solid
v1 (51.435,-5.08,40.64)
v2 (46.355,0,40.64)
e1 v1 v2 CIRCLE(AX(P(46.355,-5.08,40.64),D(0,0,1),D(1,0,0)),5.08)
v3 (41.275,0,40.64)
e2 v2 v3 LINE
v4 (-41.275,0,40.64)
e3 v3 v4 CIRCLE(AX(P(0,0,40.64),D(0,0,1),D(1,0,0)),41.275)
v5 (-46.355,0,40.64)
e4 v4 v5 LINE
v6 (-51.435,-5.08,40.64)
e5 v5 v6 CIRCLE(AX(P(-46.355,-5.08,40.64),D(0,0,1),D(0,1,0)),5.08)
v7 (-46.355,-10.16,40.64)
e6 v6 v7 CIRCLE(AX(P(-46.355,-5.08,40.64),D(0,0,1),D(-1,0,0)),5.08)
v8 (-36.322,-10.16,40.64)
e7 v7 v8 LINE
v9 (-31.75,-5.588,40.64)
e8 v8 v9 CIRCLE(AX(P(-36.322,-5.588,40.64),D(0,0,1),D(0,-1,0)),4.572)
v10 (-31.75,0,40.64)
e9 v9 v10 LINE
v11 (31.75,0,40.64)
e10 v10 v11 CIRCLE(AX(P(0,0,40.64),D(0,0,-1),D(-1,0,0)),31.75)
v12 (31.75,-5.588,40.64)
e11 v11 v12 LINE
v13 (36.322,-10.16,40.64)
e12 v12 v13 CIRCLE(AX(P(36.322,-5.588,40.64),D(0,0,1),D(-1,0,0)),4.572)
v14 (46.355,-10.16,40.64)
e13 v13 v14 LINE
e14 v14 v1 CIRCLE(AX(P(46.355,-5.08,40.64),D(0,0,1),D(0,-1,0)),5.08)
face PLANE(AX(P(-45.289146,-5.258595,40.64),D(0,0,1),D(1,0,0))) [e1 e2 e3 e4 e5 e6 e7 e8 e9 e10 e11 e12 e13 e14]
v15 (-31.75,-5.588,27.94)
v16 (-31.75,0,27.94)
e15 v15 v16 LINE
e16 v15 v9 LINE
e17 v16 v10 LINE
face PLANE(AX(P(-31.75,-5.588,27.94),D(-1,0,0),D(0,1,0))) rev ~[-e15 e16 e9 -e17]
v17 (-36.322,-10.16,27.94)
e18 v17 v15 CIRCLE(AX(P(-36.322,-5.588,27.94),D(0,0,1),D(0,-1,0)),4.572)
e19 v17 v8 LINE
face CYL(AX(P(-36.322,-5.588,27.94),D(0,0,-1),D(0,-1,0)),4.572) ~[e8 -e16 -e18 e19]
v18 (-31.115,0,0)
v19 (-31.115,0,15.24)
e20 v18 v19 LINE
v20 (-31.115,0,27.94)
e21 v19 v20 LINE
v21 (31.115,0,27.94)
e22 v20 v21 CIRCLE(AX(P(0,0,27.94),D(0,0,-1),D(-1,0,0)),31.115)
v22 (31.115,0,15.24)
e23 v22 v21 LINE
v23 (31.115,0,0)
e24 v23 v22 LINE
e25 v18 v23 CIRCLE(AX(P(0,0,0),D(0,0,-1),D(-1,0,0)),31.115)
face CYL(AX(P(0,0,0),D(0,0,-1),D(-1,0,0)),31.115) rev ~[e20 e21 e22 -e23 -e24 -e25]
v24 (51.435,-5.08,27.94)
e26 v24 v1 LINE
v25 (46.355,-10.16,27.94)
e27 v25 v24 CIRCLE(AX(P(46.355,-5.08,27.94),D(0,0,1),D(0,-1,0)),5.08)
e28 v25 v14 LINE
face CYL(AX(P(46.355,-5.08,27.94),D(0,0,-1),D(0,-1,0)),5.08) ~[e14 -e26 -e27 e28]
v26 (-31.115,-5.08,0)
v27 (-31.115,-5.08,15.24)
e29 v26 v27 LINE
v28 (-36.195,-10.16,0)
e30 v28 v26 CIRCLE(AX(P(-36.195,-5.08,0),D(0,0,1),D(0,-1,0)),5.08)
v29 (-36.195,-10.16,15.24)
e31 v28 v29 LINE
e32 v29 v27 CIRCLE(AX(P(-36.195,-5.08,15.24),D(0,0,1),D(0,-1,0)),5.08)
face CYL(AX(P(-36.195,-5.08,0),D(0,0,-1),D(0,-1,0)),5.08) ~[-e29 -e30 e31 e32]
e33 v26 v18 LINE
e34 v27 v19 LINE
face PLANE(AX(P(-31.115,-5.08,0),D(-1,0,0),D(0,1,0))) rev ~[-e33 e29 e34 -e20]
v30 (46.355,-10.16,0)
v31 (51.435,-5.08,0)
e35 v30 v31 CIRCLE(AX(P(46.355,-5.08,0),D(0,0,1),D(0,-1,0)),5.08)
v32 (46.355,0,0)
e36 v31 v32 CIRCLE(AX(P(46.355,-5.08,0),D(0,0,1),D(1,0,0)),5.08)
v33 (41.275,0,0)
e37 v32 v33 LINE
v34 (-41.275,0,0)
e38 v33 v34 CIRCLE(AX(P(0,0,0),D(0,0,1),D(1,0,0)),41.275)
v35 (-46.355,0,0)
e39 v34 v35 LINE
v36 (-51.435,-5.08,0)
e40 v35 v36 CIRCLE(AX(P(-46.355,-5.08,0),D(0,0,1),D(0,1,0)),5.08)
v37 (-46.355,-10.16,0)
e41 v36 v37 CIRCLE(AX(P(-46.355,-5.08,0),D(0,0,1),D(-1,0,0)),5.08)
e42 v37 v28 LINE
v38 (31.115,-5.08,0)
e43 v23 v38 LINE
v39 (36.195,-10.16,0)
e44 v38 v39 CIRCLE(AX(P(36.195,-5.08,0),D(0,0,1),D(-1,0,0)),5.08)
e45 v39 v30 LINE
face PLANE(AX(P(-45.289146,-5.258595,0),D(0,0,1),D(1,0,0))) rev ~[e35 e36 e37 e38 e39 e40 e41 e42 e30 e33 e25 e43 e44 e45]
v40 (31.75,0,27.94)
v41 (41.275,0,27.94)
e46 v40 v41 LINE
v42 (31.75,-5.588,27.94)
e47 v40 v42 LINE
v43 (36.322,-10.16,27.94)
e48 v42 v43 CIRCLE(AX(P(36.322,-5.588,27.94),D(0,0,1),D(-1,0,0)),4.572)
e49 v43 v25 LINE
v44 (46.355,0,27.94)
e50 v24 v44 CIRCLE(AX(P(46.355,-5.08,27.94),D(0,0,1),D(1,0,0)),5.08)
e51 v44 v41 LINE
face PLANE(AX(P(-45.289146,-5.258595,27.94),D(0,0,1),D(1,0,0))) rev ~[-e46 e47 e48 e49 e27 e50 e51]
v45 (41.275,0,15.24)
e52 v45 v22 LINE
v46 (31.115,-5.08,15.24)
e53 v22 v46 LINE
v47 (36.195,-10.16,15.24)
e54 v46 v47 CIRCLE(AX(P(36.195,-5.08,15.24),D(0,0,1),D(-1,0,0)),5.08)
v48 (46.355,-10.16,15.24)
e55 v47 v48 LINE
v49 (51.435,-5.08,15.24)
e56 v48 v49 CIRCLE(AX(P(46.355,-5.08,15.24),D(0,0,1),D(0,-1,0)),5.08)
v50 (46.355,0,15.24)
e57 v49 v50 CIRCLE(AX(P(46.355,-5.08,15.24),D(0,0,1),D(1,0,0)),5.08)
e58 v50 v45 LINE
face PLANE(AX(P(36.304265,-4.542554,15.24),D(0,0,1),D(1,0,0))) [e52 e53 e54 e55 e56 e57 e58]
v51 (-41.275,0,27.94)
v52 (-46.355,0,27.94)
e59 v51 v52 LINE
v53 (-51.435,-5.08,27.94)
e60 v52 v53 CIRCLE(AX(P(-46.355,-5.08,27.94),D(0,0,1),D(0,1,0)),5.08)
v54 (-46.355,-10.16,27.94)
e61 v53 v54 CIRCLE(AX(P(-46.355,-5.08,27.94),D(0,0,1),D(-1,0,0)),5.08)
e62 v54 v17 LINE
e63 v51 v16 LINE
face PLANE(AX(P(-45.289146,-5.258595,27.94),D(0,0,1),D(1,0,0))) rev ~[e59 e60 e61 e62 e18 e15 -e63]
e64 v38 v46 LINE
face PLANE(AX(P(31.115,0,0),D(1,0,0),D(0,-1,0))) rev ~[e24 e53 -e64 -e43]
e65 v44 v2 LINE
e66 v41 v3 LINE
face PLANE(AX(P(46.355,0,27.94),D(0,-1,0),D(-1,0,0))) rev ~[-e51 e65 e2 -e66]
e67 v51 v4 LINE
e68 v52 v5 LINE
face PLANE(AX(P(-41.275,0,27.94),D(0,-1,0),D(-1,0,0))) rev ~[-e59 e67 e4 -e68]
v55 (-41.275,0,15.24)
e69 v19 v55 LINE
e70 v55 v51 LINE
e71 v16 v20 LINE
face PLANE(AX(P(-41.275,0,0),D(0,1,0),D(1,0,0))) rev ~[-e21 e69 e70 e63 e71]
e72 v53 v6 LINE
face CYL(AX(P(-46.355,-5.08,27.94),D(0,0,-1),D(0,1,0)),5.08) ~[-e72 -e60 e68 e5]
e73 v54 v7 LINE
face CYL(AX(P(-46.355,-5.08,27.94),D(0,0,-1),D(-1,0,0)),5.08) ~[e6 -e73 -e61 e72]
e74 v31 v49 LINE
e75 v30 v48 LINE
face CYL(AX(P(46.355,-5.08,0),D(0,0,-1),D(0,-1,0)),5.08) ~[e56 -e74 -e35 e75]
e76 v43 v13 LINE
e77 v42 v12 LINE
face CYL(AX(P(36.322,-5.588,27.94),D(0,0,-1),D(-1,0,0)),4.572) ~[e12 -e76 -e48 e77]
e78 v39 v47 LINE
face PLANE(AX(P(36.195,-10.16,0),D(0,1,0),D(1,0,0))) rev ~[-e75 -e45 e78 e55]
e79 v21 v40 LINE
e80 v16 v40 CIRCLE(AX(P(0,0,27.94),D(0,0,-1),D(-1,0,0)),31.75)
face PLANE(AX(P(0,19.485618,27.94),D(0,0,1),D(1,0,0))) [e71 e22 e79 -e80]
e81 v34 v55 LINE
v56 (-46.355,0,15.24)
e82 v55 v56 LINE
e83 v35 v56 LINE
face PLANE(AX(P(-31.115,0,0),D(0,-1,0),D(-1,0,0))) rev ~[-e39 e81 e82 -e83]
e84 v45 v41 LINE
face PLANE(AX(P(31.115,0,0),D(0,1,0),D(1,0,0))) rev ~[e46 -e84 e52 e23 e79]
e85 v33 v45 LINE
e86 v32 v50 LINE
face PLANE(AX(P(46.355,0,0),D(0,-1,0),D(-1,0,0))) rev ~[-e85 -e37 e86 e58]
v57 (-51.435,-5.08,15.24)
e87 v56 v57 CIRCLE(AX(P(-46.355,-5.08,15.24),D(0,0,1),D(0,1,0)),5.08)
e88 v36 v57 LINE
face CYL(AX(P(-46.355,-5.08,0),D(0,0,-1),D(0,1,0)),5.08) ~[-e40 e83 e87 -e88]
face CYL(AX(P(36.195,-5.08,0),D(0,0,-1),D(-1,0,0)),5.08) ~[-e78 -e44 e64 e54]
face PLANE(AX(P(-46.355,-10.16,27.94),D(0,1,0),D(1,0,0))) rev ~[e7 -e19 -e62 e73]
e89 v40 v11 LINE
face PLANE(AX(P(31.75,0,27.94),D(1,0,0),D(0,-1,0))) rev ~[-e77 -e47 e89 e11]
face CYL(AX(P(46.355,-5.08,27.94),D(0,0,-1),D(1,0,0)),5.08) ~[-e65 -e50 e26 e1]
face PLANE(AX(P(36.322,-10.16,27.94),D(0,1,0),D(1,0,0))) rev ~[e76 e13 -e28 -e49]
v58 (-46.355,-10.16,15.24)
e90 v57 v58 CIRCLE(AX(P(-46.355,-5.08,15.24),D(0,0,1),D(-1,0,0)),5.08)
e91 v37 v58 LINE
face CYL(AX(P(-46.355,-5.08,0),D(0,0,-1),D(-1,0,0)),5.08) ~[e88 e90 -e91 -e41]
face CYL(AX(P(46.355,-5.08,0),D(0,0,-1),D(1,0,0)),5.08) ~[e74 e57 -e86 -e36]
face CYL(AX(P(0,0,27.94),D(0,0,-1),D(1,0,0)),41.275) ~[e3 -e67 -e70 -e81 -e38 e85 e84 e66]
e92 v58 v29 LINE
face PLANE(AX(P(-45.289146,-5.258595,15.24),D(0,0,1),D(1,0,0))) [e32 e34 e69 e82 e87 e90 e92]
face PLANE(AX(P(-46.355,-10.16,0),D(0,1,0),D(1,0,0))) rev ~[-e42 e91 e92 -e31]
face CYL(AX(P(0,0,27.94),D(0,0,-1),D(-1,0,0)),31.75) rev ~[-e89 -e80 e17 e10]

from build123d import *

# Parameters (mm, degrees)
F1_DEPTH = 27.94
F2_DEPTH = 15.24
F4_DEPTH = 12.7


with BuildPart() as f1:
    # F0 (on Top) → F1 (new body)
    with BuildSketch(Plane.XY):
        with BuildLine():
            ThreePointArc((-31.115, 0), (0, 31.115), (31.115, 0))
            Line((31.115, 0), (41.275, 0))
            ThreePointArc((41.275, 0), (0, 41.275), (-41.275, 0))
            Line((-41.275, 0), (-31.115, 0))
        make_face()
    extrude(amount=F1_DEPTH)

    # F0 (on Top) → F2 (join)
    with BuildSketch(Plane.XY):
        with BuildLine():
            ThreePointArc((-40.005, -10.16), (-40.9562693614, -5.1195336702), (-41.275, 0))
            Line((-41.275, 0), (-46.355, 0))
            ThreePointArc((-46.355, 0), (-49.9471024484, -1.4878975516), (-51.435, -5.08))
            ThreePointArc((-51.435, -5.08), (-49.9471024484, -8.6721024484), (-46.355, -10.16))
            Line((-46.355, -10.16), (-40.005, -10.16))
        make_face()
        with BuildLine():
            Line((-31.115, -5.08), (-31.115, 0))
            Line((-31.115, 0), (-41.275, 0))
            ThreePointArc((-41.275, 0), (-40.9562693614, -5.1195336702), (-40.005, -10.16))
            Line((-40.005, -10.16), (-36.195, -10.16))
            ThreePointArc((-36.195, -10.16), (-32.6028975516, -8.6721024484), (-31.115, -5.08))
        make_face()
        with BuildLine():
            Line((41.275, 0), (31.115, 0))
            Line((31.115, 0), (31.115, -5.08))
            ThreePointArc((31.115, -5.08), (32.6028975516, -8.6721024484), (36.195, -10.16))
            Line((36.195, -10.16), (40.005, -10.16))
            ThreePointArc((40.005, -10.16), (40.9562693614, -5.1195336702), (41.275, 0))
        make_face()
        with BuildLine():
            Line((46.355, 0), (41.275, 0))
            ThreePointArc((41.275, 0), (40.9562693614, -5.1195336702), (40.005, -10.16))
            Line((40.005, -10.16), (46.355, -10.16))
            ThreePointArc((46.355, -10.16), (49.9471024484, -8.6721024484), (51.435, -5.08))
            ThreePointArc((51.435, -5.08), (49.9471024484, -1.4878975516), (46.355, 0))
        make_face()
    extrude(amount=F2_DEPTH)

    # F3 (on face) → F4 (join)
    with BuildSketch(Plane.XY.offset(27.94)):
        with BuildLine():
            ThreePointArc((-40.005, -10.16), (-40.9562693614, -5.1195336702), (-41.275, 0))
            Line((-41.275, 0), (-46.355, 0))
            ThreePointArc((-46.355, 0), (-49.9471024484, -1.4878975516), (-51.435, -5.08))
            ThreePointArc((-51.435, -5.08), (-49.9471024484, -8.6721024484), (-46.355, -10.16))
            Line((-46.355, -10.16), (-40.005, -10.16))
        make_face()
        with BuildLine():
            Line((-31.75, -5.588), (-31.75, 0))
            Line((-31.75, 0), (-41.275, 0))
            ThreePointArc((-41.275, 0), (-40.9562693614, -5.1195336702), (-40.005, -10.16))
            Line((-40.005, -10.16), (-36.322, -10.16))
            ThreePointArc((-36.322, -10.16), (-33.0891077964, -8.8208922036), (-31.75, -5.588))
        make_face()
        with BuildLine():
            ThreePointArc((-31.75, 0), (0, 31.75), (31.75, 0))
            Line((31.75, 0), (41.275, 0))
            ThreePointArc((41.275, 0), (0, 41.275), (-41.275, 0))
            Line((-41.275, 0), (-31.75, 0))
        make_face()
        with BuildLine():
            Line((41.275, 0), (31.75, 0))
            Line((31.75, 0), (31.75, -5.588))
            ThreePointArc((31.75, -5.588), (33.0891077964, -8.8208922036), (36.322, -10.16))
            Line((36.322, -10.16), (40.005, -10.16))
            ThreePointArc((40.005, -10.16), (40.9562693614, -5.1195336702), (41.275, 0))
        make_face()
        with BuildLine():
            Line((46.355, 0), (41.275, 0))
            ThreePointArc((41.275, 0), (40.9562693614, -5.1195336702), (40.005, -10.16))
            Line((40.005, -10.16), (46.355, -10.16))
            ThreePointArc((46.355, -10.16), (49.9471024484, -8.6721024484), (51.435, -5.08))
            ThreePointArc((51.435, -5.08), (49.9471024484, -1.4878975516), (46.355, 0))
        make_face()
    extrude(amount=F4_DEPTH)


solid = f1.part
